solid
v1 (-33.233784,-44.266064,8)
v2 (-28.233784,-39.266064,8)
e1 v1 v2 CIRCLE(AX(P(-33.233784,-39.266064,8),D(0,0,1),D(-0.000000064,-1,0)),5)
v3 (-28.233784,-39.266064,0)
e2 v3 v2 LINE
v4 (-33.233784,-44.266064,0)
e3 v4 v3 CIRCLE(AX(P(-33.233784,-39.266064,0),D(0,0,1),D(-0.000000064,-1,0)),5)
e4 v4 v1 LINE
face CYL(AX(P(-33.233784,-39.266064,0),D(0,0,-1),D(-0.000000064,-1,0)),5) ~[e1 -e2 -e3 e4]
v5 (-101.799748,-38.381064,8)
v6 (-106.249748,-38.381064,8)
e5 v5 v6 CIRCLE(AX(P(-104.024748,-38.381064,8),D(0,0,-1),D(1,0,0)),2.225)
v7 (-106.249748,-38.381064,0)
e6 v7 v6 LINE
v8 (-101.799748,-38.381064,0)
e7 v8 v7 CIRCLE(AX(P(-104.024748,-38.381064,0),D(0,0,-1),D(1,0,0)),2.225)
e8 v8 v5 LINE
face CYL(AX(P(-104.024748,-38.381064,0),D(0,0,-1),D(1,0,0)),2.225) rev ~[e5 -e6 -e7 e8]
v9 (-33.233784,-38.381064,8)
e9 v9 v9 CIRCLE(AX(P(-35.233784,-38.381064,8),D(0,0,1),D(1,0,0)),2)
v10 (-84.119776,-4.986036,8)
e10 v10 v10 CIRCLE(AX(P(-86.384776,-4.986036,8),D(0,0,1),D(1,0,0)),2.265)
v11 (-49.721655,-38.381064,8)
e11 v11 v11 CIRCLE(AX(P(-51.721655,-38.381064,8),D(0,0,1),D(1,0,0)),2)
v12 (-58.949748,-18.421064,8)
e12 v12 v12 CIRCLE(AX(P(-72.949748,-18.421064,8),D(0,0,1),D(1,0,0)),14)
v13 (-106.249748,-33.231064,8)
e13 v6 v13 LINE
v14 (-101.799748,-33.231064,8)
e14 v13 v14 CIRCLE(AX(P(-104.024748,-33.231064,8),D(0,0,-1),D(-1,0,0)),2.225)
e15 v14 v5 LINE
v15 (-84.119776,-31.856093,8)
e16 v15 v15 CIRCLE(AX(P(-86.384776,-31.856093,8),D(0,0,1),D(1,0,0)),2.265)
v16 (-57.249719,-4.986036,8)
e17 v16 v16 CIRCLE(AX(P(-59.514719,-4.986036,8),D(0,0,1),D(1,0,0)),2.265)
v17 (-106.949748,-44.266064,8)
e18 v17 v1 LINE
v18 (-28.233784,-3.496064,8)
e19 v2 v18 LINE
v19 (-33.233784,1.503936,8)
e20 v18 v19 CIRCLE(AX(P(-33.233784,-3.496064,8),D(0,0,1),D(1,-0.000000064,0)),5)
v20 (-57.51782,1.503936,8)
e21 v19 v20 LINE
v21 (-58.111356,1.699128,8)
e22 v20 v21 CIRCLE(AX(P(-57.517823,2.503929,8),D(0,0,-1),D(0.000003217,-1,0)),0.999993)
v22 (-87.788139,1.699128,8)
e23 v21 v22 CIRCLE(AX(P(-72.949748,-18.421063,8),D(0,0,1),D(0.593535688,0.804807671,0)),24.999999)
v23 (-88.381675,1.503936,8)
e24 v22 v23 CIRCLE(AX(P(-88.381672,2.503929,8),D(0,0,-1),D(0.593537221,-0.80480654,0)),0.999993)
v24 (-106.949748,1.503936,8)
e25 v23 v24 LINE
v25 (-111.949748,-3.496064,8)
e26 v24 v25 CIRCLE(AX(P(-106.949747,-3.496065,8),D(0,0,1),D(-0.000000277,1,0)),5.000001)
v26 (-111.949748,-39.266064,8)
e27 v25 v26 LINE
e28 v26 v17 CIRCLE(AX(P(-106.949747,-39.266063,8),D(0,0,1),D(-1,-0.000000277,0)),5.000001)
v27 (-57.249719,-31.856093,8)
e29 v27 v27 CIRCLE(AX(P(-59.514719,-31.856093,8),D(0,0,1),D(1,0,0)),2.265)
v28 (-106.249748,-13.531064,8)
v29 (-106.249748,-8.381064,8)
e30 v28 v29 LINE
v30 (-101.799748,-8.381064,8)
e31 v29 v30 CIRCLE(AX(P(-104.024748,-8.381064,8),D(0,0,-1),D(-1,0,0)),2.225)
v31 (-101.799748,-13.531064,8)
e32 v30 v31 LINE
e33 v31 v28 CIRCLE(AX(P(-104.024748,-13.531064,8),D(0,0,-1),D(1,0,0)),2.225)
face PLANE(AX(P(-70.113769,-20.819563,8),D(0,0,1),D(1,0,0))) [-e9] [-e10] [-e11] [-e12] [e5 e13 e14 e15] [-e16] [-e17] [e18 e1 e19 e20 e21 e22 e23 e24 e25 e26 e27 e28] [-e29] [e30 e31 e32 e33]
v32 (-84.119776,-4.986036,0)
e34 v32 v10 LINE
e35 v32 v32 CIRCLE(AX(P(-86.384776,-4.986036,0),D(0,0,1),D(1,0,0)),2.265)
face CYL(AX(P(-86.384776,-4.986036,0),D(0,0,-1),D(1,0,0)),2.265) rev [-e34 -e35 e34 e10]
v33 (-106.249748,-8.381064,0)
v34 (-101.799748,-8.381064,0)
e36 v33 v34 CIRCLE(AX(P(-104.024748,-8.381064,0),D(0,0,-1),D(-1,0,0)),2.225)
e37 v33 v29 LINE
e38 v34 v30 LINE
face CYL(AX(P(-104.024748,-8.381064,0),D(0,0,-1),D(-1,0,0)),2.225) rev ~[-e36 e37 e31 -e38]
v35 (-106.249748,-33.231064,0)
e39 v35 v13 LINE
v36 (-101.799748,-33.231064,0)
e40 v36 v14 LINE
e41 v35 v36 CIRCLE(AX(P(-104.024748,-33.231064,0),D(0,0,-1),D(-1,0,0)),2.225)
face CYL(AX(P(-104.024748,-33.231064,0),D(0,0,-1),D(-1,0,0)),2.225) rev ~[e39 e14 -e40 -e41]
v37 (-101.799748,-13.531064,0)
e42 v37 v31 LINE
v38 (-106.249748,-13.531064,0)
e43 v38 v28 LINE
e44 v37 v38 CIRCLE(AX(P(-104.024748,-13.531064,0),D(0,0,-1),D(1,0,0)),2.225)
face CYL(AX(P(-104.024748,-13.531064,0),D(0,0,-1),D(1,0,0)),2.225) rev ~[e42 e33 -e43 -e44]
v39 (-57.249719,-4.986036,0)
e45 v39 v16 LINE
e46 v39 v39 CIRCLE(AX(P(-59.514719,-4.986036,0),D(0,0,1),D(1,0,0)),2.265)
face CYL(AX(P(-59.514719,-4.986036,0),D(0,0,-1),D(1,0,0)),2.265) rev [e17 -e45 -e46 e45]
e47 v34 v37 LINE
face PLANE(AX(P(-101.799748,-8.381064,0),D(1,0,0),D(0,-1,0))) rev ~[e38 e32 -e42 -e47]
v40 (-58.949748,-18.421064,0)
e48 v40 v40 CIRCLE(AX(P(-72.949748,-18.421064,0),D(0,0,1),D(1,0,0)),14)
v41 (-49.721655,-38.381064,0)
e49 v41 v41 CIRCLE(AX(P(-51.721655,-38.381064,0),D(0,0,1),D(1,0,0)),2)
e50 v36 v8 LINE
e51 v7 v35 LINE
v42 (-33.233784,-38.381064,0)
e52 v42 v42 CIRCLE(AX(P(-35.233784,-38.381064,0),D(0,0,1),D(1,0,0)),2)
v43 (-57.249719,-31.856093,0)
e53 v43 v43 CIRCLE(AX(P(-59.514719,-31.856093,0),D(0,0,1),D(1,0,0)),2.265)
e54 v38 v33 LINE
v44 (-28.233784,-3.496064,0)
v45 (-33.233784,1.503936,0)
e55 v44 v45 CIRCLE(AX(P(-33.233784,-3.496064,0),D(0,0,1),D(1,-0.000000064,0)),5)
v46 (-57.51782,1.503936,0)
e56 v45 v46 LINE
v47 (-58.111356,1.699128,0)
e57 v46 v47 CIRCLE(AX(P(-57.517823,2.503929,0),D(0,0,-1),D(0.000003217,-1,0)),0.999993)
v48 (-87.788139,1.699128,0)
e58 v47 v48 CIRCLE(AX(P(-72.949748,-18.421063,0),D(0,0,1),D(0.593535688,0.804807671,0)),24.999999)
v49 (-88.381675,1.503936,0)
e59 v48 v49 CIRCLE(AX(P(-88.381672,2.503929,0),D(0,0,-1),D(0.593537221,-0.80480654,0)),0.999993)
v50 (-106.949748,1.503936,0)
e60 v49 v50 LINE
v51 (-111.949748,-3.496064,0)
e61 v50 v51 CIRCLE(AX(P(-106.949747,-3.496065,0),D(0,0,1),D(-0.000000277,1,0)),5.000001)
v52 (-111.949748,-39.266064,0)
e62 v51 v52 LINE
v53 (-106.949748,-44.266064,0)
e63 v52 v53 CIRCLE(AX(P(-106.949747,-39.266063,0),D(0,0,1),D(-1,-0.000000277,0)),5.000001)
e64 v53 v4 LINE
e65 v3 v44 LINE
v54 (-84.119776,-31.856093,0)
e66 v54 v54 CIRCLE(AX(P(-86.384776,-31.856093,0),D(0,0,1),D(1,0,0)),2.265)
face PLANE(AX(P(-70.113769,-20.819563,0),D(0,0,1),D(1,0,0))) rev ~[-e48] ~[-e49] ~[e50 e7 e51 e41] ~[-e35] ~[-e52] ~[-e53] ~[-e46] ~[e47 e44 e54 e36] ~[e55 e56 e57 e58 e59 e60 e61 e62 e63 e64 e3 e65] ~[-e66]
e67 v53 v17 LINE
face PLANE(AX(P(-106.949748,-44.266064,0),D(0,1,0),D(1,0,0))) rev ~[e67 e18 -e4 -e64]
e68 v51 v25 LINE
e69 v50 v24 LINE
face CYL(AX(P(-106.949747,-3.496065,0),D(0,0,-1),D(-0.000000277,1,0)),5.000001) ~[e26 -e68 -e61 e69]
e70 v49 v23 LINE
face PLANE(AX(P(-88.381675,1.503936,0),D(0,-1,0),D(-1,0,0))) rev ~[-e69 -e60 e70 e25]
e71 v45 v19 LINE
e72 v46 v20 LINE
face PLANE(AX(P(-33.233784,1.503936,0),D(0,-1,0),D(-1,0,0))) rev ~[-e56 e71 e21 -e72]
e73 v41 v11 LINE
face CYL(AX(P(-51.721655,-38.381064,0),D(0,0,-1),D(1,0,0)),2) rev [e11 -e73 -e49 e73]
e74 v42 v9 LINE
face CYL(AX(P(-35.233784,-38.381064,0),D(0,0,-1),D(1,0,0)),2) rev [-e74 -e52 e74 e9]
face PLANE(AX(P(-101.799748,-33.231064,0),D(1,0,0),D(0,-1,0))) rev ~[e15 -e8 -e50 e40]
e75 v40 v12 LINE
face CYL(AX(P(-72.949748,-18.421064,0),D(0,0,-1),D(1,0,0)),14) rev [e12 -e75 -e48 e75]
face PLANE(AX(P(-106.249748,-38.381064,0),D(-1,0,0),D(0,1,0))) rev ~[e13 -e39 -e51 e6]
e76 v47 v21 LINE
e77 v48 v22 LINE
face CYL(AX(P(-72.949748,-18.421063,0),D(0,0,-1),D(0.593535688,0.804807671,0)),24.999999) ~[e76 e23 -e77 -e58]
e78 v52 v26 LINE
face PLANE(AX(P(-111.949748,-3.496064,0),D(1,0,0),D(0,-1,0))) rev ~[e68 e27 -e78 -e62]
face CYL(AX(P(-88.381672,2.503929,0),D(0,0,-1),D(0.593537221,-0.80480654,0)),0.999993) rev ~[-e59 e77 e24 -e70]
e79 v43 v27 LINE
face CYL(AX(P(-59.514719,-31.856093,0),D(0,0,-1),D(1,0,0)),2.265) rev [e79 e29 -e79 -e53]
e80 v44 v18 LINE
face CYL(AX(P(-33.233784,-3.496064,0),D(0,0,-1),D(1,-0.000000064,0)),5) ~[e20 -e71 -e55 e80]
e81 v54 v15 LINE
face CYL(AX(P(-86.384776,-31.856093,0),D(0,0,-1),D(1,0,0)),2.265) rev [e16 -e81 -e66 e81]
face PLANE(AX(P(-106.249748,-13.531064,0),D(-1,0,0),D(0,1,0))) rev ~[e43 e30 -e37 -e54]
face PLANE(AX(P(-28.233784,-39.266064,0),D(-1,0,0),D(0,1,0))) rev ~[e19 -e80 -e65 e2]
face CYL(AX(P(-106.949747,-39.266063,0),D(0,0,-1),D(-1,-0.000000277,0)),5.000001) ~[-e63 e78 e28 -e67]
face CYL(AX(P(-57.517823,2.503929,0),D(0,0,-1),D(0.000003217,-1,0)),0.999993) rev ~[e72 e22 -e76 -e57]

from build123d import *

# Parameters (mm, degrees)
F0_R     = 2.265
F0_R_2   = 2
F0_R_3   = 14
F1_DEPTH = 8


with BuildPart() as f1:
    # F0 (on Top) → F1 (new body)
    with BuildSketch(Plane.XY):
        with BuildLine():
            Line((-88.381675, 1.503936), (-106.949748, 1.503936))
            ThreePointArc((-106.949748, 1.503936), (-110.485281, 0.03947), (-111.949748, -3.496064))
            Line((-111.949748, -3.496064), (-111.949748, -39.266064))
            ThreePointArc((-111.949748, -39.266064), (-110.485281, -42.801598), (-106.949748, -44.266064))
            Line((-106.949748, -44.266064), (-84.717208, -44.266064))
            Line((-84.717208, -44.266064), (-33.233784, -44.266064))
            ThreePointArc((-33.233784, -44.266064), (-29.69825, -42.801598), (-28.233784, -39.266064))
            Line((-28.233784, -39.266064), (-28.233784, -3.496064))
            ThreePointArc((-28.233784, -3.496064), (-29.69825, 0.03947), (-33.233784, 1.503936))
            Line((-33.233784, 1.503936), (-57.51782, 1.503936))
            ThreePointArc((-57.51782, 1.503936), (-57.830224, 1.553986), (-58.111356, 1.699128))
            ThreePointArc((-58.111356, 1.699128), (-72.949748, 6.578936), (-87.788139, 1.699128))
            ThreePointArc((-87.788139, 1.699128), (-88.069271, 1.553986), (-88.381675, 1.503936))
        make_face()
        with BuildLine():
            Line((-101.799748, -33.231064), (-101.799748, -38.381064))
            ThreePointArc((-101.799748, -38.381064), (-104.024748, -40.606064), (-106.249748, -38.381064))
            Line((-106.249748, -38.381064), (-106.249748, -33.231064))
            ThreePointArc((-106.249748, -33.231064), (-104.024748, -31.006064), (-101.799748, -33.231064))
        make_face(mode=Mode.SUBTRACT)
        with Locations((-86.384776, -31.856093)):
            Circle(F0_R, mode=Mode.SUBTRACT)
        with Locations((-59.514719, -31.856093)):
            Circle(F0_R, mode=Mode.SUBTRACT)
        with Locations((-51.721655, -38.381064)):
            Circle(F0_R_2, mode=Mode.SUBTRACT)
        with Locations((-35.233784, -38.381064)):
            Circle(F0_R_2, mode=Mode.SUBTRACT)
        with Locations((-72.949748, -18.421064)):
            Circle(F0_R_3, mode=Mode.SUBTRACT)
        with BuildLine():
            Line((-106.249748, -13.531064), (-106.249748, -8.381064))
            ThreePointArc((-106.249748, -8.381064), (-104.024748, -6.156064), (-101.799748, -8.381064))
            Line((-101.799748, -8.381064), (-101.799748, -13.531064))
            ThreePointArc((-101.799748, -13.531064), (-104.024748, -15.756064), (-106.249748, -13.531064))
        make_face(mode=Mode.SUBTRACT)
        with Locations((-86.384776, -4.986036)):
            Circle(F0_R, mode=Mode.SUBTRACT)
        with Locations((-59.514719, -4.986036)):
            Circle(F0_R, mode=Mode.SUBTRACT)
    extrude(amount=F1_DEPTH)


solid = f1.part
